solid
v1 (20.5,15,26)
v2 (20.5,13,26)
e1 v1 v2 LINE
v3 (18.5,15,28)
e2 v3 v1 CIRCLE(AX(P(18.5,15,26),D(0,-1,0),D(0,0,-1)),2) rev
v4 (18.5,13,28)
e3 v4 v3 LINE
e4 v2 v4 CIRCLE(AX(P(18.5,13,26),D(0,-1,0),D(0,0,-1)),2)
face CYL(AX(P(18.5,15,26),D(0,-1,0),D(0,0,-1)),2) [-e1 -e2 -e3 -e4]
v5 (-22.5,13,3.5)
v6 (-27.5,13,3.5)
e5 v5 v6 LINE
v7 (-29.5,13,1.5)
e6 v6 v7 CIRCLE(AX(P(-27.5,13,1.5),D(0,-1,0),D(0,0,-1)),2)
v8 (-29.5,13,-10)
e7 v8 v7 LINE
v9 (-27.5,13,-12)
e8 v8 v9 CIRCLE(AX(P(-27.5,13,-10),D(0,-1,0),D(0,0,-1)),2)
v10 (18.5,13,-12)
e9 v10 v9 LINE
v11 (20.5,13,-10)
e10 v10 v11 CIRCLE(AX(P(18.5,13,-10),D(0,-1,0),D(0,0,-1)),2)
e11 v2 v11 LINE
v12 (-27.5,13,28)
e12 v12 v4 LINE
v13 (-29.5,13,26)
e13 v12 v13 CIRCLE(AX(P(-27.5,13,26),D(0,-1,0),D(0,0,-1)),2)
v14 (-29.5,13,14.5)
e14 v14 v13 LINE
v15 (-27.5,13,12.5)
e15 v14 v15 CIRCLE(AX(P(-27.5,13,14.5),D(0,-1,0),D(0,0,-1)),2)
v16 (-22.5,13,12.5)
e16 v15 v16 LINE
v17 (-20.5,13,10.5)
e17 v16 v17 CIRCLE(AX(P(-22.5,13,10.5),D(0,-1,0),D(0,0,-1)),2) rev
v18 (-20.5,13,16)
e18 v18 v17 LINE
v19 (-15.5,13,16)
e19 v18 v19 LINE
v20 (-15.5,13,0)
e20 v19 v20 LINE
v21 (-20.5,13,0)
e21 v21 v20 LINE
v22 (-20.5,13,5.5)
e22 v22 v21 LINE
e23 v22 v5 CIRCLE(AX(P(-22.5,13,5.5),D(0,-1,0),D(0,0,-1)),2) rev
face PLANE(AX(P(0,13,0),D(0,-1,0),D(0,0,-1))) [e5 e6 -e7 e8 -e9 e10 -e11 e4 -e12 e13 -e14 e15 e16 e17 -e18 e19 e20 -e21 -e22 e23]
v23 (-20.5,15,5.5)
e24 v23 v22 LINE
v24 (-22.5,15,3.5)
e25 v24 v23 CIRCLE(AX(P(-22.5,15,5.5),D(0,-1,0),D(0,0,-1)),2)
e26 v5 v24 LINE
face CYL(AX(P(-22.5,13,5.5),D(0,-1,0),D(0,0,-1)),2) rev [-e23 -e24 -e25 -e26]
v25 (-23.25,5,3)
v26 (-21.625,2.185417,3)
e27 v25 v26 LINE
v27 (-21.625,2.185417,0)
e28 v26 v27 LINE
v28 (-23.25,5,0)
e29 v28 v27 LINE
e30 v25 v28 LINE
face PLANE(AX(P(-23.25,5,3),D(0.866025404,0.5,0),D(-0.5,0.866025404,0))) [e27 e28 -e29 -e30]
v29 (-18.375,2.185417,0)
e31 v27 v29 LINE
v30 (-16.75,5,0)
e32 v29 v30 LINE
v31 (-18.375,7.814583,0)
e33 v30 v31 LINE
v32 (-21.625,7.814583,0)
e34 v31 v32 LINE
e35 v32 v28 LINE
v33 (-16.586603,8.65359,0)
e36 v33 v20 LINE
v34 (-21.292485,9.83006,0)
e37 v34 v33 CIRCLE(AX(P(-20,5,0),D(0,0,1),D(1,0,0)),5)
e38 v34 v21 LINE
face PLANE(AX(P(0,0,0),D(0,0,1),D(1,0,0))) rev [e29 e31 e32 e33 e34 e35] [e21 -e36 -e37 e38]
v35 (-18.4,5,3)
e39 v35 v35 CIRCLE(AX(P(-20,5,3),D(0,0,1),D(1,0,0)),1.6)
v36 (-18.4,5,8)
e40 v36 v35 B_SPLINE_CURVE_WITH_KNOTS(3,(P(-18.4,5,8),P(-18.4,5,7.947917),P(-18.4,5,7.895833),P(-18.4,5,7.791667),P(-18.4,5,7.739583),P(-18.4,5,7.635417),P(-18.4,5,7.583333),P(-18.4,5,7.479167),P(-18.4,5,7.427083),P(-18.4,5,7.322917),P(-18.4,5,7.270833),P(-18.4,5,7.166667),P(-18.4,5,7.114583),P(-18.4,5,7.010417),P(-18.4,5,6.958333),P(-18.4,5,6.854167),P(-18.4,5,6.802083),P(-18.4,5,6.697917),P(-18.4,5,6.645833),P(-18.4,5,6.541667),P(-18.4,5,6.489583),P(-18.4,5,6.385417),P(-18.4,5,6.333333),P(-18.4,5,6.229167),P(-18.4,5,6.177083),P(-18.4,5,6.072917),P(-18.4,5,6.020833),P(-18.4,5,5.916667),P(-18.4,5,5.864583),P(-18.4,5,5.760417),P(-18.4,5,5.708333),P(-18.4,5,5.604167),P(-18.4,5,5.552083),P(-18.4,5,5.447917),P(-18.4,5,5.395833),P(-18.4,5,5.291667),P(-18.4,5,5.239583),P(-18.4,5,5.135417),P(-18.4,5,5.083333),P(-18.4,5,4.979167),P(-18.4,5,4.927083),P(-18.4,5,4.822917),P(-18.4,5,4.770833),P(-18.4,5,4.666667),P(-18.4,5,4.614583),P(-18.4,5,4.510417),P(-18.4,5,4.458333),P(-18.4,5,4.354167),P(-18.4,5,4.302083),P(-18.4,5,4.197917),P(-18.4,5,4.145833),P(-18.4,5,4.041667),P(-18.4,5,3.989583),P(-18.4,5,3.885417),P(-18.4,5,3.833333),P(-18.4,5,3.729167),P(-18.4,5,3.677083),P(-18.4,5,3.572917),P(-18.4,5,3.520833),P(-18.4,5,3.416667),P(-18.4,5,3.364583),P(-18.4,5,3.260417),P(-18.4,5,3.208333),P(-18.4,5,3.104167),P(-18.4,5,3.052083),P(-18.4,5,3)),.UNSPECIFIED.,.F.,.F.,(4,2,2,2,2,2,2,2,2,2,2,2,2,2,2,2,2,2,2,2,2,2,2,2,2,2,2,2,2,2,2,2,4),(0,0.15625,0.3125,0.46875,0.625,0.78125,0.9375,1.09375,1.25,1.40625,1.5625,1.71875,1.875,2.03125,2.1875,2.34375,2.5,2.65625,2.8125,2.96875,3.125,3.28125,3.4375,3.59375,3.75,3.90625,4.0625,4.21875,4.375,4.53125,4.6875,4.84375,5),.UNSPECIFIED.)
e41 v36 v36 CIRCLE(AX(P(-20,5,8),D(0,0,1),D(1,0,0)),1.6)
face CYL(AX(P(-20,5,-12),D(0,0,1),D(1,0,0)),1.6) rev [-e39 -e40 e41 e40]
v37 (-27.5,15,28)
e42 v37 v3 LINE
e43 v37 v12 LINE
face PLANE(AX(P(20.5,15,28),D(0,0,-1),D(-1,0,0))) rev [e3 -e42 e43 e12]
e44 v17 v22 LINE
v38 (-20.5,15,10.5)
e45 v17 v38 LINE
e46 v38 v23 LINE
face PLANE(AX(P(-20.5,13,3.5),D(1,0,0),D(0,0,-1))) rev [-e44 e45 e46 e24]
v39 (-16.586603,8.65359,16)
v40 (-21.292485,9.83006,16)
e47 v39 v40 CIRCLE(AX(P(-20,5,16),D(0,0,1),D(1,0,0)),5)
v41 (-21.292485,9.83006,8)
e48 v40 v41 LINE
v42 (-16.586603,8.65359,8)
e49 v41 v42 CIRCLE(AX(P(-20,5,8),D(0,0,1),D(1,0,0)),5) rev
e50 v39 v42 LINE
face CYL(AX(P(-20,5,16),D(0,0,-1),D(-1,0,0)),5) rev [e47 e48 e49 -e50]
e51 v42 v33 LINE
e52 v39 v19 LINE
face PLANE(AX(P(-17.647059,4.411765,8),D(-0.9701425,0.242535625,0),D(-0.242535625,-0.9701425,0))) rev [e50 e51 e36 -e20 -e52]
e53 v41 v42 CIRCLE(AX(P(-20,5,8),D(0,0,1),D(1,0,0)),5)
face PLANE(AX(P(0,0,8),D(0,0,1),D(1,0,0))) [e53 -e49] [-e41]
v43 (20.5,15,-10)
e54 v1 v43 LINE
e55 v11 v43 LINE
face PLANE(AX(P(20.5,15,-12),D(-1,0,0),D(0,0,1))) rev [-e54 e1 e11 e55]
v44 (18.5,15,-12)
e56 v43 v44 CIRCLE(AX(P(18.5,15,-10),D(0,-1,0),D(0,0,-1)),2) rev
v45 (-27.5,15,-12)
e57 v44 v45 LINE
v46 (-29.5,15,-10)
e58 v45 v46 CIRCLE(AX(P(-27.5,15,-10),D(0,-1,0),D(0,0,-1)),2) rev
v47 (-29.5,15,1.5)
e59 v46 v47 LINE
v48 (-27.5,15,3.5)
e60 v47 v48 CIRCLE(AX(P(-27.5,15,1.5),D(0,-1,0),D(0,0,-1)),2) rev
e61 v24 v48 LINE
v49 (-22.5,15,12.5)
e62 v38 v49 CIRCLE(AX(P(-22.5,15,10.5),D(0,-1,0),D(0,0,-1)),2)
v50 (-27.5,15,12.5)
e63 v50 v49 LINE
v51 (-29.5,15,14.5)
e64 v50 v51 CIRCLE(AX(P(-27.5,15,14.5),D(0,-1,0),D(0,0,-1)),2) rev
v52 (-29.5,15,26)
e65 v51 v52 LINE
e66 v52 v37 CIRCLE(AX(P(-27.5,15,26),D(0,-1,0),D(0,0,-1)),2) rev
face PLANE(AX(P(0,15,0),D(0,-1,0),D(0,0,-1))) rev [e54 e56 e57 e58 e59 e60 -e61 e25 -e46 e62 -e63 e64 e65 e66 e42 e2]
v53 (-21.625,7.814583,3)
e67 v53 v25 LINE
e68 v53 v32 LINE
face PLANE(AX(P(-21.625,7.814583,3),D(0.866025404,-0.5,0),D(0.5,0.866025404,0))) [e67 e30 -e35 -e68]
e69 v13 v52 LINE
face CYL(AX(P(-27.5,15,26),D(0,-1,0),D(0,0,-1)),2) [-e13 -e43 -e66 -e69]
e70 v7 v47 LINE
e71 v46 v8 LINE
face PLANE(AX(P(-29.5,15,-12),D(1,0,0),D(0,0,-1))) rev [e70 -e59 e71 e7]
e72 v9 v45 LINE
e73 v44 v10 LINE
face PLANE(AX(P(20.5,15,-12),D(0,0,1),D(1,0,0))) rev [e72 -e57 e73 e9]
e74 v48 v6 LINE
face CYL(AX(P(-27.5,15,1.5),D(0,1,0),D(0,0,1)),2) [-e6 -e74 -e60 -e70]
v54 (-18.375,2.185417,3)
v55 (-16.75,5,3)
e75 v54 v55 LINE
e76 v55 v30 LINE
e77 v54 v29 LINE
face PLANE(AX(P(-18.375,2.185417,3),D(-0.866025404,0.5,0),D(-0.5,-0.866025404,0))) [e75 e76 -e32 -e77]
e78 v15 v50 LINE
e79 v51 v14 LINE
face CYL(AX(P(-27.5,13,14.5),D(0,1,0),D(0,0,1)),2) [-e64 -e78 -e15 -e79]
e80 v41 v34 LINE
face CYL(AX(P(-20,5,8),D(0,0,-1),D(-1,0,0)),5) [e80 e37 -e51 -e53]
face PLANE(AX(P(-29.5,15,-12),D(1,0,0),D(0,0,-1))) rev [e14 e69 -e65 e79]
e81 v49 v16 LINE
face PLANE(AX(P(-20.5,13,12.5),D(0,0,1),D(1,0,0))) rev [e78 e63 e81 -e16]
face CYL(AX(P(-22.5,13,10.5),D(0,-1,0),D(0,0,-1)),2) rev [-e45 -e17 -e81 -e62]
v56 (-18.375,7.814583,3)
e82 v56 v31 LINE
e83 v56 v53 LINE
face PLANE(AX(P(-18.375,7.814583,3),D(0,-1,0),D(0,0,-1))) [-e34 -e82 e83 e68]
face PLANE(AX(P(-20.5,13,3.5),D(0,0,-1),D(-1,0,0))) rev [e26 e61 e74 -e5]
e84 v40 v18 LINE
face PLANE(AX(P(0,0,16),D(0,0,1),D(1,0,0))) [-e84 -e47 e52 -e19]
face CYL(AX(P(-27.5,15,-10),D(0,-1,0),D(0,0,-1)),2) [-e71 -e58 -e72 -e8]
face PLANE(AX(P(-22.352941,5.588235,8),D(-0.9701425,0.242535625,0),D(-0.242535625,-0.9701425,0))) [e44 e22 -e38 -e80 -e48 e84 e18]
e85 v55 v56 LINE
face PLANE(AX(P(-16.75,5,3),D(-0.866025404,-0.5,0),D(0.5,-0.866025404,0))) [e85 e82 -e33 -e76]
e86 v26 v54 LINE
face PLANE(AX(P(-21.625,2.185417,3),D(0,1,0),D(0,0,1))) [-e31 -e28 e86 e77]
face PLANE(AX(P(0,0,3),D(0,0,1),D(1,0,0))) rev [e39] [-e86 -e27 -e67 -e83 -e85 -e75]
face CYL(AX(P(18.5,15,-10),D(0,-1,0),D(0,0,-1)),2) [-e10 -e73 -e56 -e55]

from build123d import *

# Parameters (mm, degrees)
EXTRUDE_3_DEPTH          = 8
SKETCH_4_W               = 50
SKETCH_4_H               = 40
EXTRUDE_4_DEPTH          = 2
FILLET_1_R               = 2
CUT_EXTRUDE_1_DEPTH      = 3
CUT_EXTRUDE_2_DEPTH      = 44.350317185
CUT_EXTRUDE_2_DEPTH_BACK = 44.350317185
SKETCH_3_4_R             = 1.6
SKETCH_6_W               = 9
SKETCH_6_H               = 9
CUT_EXTRUDE_3_DEPTH      = 2
FILLET_3_R               = 2
EXTRUDE_5_DEPTH          = 16


with BuildPart() as part:
    # Эскиз3 → Бобышка-Вытянуть3 (new body)
    with BuildSketch(Plane.XY):
        with BuildLine():
            ThreePointArc((-21.292484919, 9.830060324), (-21.212678125, 0.149287499), (-16.586602566, 8.653589736))
            Line((-16.586602566, 8.653589736), (-15.5, 13))
            Line((-15.5, 13), (-20.5, 13))
            Line((-20.5, 13), (-21.292484919, 9.830060324))
        make_face()
    extrude(amount=EXTRUDE_3_DEPTH)

    # Эскиз4 → Бобышка-Вытянуть4 (add)
    with BuildSketch(Plane(origin=(0, 13, 0), x_dir=(1, 0, 0), z_dir=(0, 1, 0))):
        with Locations((-4.5, -8)):
            Rectangle(SKETCH_4_W, SKETCH_4_H)
    extrude(amount=EXTRUDE_4_DEPTH)

    # Скругление1
    fillet_1_edges = [part.edges().sort_by_distance(p)[0] for p in [
        (-29.5, 14, -12),
        (-29.5, 14, 28),
        (20.5, 14, 28),
        (20.5, 14, -12),
    ]]
    fillet(fillet_1_edges, radius=FILLET_1_R)

    # Эскиз3<3> → Вырез-Вытянуть1 (cut)
    with BuildSketch(Plane.XY):
        Polygon((-21.625, 7.814582562), (-23.25, 5), (-21.625, 2.185417438), (-18.375, 2.185417438), (-16.75, 5), (-18.375, 7.814582562), align=None)
    extrude(amount=CUT_EXTRUDE_1_DEPTH, mode=Mode.SUBTRACT)

    # Эскиз3<4> → Вырез-Вытянуть2 (cut, two sides: drawn at the far end of the back side and taken through both)
    with BuildSketch(Plane.XY.offset(-CUT_EXTRUDE_2_DEPTH_BACK)):
        with Locations((-20, 5)):
            Circle(SKETCH_3_4_R)
    extrude(amount=CUT_EXTRUDE_2_DEPTH + CUT_EXTRUDE_2_DEPTH_BACK, mode=Mode.SUBTRACT)

    # Эскиз6 → Вырез-Вытянуть3 (cut)
    with BuildSketch(Plane(origin=(0, 15, 0), x_dir=(1, 0, 0), z_dir=(0, 1, 0))):
        with Locations((-25, -8)):
            Rectangle(SKETCH_6_W, SKETCH_6_H)
    extrude(amount=-CUT_EXTRUDE_3_DEPTH, mode=Mode.SUBTRACT)

    # Скругление3
    fillet_3_edges = [part.edges().sort_by_distance(p)[0] for p in [
        (-29.5, 14, 12.5),
        (-29.5, 14, 3.5),
        (-20.5, 14, 3.5),
        (-20.5, 14, 12.5),
    ]]
    fillet(fillet_3_edges, radius=FILLET_3_R)

    # Эскиз3<5> → Бобышка-Вытянуть5 (add)
    with BuildSketch(Plane.XY):
        with BuildLine():
            ThreePointArc((-21.292484919, 9.830060324), (-18.787321875, 9.850712501), (-16.586602566, 8.653589736))
            Line((-16.586602566, 8.653589736), (-15.5, 13))
            Line((-15.5, 13), (-20.5, 13))
            Line((-20.5, 13), (-21.292484919, 9.830060324))
        make_face()
    extrude(amount=EXTRUDE_5_DEPTH)


solid = part.part
